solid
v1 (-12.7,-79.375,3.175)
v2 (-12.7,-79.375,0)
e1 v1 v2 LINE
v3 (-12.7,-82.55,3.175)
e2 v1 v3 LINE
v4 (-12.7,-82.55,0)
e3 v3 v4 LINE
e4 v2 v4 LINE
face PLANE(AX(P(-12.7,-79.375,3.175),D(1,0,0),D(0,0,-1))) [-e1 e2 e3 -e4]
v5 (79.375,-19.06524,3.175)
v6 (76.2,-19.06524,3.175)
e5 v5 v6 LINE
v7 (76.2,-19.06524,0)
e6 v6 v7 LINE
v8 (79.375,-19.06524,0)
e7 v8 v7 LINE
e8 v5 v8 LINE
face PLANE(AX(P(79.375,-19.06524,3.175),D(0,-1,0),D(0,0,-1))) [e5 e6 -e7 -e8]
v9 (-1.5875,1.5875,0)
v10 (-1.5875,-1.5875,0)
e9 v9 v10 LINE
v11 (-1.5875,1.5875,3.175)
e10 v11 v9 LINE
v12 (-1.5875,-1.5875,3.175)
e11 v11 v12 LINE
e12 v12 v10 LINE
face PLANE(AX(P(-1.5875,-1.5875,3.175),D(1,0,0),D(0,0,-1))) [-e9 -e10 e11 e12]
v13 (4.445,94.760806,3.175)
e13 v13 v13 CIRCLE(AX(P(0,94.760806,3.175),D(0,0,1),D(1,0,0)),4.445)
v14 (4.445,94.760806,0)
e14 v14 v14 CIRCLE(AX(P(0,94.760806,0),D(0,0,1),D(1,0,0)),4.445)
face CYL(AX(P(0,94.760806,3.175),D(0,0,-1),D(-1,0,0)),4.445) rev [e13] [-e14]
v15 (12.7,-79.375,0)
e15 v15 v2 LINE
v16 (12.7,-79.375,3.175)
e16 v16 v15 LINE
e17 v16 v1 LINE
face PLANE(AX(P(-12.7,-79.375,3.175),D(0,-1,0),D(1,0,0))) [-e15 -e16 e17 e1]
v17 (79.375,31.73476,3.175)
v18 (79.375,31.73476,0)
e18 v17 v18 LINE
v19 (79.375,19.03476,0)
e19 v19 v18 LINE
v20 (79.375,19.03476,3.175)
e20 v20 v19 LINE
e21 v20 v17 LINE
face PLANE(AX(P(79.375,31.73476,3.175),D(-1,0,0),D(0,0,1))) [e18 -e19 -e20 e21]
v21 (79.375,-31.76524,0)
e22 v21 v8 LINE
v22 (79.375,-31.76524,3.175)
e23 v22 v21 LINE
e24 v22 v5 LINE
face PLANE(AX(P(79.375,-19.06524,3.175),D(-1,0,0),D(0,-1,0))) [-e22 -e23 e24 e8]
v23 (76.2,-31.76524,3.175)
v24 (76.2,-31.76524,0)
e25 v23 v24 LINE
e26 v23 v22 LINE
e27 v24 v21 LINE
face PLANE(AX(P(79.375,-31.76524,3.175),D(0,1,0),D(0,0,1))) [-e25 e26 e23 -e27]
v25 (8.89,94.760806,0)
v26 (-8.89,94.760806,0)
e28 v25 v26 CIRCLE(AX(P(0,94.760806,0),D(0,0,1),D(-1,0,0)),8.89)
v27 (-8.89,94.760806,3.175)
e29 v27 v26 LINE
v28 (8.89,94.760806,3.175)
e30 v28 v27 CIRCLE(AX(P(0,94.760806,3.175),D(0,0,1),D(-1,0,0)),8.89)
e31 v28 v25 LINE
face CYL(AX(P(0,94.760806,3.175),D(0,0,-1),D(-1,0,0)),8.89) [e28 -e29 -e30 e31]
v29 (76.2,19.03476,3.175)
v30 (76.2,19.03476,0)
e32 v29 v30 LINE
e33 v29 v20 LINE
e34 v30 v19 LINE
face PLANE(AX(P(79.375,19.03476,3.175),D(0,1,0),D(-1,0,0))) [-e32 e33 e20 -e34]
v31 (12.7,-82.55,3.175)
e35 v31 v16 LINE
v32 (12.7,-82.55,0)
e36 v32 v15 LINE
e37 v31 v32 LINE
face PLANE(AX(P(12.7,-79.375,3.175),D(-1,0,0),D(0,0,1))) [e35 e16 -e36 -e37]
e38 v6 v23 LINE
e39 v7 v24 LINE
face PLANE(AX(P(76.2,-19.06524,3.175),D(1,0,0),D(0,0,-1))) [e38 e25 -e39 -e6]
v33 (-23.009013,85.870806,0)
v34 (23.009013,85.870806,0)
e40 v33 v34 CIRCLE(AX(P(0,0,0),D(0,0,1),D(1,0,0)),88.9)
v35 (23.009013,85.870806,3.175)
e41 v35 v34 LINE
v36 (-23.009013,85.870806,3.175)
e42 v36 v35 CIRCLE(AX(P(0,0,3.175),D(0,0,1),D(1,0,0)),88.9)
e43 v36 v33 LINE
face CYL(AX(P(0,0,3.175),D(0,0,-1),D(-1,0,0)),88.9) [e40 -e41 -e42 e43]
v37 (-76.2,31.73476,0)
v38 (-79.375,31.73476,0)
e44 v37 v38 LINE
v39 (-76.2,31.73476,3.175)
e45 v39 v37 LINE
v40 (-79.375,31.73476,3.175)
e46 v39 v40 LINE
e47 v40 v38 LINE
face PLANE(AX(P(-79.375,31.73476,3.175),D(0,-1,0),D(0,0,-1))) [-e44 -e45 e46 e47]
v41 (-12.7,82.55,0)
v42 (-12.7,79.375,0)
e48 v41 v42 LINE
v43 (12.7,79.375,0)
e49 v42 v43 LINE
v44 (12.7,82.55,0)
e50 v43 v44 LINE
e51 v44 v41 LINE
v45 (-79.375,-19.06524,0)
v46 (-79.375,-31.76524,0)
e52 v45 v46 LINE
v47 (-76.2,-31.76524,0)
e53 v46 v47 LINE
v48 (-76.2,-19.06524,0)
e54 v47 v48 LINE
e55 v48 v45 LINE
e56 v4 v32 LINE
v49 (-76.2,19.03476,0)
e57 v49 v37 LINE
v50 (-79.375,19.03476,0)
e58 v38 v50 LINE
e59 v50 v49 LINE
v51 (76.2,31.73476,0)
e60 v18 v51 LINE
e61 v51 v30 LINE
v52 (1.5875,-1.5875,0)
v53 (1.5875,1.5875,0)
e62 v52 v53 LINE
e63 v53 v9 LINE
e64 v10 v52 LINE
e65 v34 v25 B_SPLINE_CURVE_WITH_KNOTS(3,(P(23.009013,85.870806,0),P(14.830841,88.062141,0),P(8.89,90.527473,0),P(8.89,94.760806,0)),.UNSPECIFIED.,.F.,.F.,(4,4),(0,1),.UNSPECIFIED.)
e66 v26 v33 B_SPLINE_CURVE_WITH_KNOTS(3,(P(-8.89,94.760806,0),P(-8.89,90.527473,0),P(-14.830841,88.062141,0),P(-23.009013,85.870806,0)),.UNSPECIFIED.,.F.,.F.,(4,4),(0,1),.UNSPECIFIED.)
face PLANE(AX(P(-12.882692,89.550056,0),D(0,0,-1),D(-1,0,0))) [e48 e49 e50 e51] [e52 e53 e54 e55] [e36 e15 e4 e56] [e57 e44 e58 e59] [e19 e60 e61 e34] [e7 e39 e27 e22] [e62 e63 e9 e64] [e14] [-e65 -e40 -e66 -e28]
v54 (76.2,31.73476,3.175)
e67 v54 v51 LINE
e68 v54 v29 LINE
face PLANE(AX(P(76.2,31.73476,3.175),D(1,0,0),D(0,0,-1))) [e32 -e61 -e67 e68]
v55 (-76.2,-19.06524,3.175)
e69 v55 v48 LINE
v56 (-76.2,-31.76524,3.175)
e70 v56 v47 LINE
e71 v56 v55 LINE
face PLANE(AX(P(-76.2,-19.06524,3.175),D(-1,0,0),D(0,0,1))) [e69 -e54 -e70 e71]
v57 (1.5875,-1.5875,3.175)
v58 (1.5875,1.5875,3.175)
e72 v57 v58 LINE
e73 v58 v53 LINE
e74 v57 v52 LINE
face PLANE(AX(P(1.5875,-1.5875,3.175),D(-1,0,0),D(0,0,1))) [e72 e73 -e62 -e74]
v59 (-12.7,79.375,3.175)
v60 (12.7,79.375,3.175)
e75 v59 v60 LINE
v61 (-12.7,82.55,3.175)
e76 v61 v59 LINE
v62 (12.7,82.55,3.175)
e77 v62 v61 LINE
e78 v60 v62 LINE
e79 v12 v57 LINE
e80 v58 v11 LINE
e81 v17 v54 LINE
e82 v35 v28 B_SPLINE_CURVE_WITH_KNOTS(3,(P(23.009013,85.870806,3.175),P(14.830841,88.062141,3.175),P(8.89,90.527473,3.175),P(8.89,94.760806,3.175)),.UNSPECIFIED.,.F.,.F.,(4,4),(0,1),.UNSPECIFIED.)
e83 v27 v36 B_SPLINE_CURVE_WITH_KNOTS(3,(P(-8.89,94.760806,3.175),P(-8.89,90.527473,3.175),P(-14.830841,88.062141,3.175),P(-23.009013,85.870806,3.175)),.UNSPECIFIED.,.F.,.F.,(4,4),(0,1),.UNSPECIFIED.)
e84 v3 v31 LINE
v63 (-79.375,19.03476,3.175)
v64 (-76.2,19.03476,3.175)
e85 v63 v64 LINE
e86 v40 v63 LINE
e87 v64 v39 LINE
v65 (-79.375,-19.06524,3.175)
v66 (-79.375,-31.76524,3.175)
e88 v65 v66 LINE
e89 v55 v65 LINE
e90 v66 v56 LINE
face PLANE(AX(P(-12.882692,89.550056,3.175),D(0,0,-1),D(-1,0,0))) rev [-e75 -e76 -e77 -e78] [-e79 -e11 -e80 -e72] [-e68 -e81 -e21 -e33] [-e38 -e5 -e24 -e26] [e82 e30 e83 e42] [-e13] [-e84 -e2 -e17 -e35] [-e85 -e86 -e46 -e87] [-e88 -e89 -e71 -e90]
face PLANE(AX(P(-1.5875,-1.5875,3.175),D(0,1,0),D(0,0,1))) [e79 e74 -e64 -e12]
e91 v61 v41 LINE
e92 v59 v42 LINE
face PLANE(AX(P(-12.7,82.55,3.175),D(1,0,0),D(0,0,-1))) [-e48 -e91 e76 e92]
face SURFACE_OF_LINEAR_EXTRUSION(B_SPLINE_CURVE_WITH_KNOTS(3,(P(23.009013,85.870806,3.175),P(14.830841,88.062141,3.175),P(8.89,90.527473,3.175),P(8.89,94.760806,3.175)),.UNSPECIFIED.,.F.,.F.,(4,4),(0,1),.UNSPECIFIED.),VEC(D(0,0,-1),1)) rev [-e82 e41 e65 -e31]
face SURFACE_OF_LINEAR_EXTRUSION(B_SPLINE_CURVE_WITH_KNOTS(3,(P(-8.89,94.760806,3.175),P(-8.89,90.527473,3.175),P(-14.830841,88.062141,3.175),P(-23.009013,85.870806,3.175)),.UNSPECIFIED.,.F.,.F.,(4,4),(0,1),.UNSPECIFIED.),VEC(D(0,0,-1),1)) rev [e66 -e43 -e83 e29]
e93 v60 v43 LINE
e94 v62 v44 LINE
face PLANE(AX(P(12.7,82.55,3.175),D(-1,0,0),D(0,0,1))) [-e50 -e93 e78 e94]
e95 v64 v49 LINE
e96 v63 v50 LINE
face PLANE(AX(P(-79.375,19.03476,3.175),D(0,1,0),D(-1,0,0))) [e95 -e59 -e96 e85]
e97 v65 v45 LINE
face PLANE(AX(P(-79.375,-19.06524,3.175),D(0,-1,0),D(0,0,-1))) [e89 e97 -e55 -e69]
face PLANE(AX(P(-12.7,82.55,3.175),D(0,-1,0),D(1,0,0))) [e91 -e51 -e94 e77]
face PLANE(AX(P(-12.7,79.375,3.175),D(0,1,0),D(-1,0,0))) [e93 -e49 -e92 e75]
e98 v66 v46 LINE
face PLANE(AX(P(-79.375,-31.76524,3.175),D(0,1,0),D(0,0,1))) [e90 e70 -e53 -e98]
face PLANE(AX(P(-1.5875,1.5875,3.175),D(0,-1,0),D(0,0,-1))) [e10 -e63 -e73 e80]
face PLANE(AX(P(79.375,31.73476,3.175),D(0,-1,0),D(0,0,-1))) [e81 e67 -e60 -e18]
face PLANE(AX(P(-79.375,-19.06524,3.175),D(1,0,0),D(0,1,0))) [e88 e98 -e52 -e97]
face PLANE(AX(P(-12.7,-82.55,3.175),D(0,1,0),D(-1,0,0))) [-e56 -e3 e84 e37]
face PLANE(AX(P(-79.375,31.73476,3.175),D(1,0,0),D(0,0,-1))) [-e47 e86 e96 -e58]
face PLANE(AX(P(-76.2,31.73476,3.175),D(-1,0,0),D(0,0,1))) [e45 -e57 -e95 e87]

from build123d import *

# Parameters (mm, degrees)
SKETCH1_R           = 4.445
SKETCH1_W           = 3.175
SKETCH1_H           = 12.7
SKETCH1_H_2         = 3.175
SKETCH1_W_2         = 25.4
BOSS_EXTRUDE1_DEPTH = 3.175


with BuildPart() as part:
    # Sketch1 → Boss-Extrude1 (new body)
    with BuildSketch(Plane.XY):
        with BuildLine():
            ThreePointArc((-23.00901311, 85.870805957), (0, -88.9), (23.00901311, 85.870805957))
            add(Edge.make_bspline(
                [(23.00901311, 85.870805957), (14.830841114, 88.062140539), (8.89, 90.527472624), (8.89, 94.760805957)],
                knots=[0, 0, 0, 0, 1, 1, 1, 1], degree=3))
            ThreePointArc((8.89, 94.760805957), (0, 103.650805957), (-8.89, 94.760805957))
            add(Edge.make_bspline(
                [(-23.00901311, 85.870805957), (-14.830841114, 88.062140539), (-8.89, 90.527472624), (-8.89, 94.760805957)],
                knots=[0, 0, 0, 0, 1, 1, 1, 1], degree=3))
        make_face()
        with Locations((0, 94.760805957)):
            Circle(SKETCH1_R, mode=Mode.SUBTRACT)
        with Locations((77.7875, 25.38476)):
            Rectangle(SKETCH1_W, SKETCH1_H, mode=Mode.SUBTRACT)
        Rectangle(SKETCH1_W, SKETCH1_H_2, mode=Mode.SUBTRACT)
        with Locations((77.7875, -25.41524)):
            Rectangle(SKETCH1_W, SKETCH1_H, mode=Mode.SUBTRACT)
        with Locations((-77.7875, -25.41524)):
            Rectangle(SKETCH1_W, SKETCH1_H, mode=Mode.SUBTRACT)
        with Locations((-77.7875, 25.38476)):
            Rectangle(SKETCH1_W, SKETCH1_H, mode=Mode.SUBTRACT)
        with Locations((0, 80.9625)):
            Rectangle(SKETCH1_W_2, SKETCH1_H_2, mode=Mode.SUBTRACT)
        with Locations((0, -80.9625)):
            Rectangle(SKETCH1_W_2, SKETCH1_H_2, mode=Mode.SUBTRACT)
    extrude(amount=BOSS_EXTRUDE1_DEPTH)


solid = part.part
